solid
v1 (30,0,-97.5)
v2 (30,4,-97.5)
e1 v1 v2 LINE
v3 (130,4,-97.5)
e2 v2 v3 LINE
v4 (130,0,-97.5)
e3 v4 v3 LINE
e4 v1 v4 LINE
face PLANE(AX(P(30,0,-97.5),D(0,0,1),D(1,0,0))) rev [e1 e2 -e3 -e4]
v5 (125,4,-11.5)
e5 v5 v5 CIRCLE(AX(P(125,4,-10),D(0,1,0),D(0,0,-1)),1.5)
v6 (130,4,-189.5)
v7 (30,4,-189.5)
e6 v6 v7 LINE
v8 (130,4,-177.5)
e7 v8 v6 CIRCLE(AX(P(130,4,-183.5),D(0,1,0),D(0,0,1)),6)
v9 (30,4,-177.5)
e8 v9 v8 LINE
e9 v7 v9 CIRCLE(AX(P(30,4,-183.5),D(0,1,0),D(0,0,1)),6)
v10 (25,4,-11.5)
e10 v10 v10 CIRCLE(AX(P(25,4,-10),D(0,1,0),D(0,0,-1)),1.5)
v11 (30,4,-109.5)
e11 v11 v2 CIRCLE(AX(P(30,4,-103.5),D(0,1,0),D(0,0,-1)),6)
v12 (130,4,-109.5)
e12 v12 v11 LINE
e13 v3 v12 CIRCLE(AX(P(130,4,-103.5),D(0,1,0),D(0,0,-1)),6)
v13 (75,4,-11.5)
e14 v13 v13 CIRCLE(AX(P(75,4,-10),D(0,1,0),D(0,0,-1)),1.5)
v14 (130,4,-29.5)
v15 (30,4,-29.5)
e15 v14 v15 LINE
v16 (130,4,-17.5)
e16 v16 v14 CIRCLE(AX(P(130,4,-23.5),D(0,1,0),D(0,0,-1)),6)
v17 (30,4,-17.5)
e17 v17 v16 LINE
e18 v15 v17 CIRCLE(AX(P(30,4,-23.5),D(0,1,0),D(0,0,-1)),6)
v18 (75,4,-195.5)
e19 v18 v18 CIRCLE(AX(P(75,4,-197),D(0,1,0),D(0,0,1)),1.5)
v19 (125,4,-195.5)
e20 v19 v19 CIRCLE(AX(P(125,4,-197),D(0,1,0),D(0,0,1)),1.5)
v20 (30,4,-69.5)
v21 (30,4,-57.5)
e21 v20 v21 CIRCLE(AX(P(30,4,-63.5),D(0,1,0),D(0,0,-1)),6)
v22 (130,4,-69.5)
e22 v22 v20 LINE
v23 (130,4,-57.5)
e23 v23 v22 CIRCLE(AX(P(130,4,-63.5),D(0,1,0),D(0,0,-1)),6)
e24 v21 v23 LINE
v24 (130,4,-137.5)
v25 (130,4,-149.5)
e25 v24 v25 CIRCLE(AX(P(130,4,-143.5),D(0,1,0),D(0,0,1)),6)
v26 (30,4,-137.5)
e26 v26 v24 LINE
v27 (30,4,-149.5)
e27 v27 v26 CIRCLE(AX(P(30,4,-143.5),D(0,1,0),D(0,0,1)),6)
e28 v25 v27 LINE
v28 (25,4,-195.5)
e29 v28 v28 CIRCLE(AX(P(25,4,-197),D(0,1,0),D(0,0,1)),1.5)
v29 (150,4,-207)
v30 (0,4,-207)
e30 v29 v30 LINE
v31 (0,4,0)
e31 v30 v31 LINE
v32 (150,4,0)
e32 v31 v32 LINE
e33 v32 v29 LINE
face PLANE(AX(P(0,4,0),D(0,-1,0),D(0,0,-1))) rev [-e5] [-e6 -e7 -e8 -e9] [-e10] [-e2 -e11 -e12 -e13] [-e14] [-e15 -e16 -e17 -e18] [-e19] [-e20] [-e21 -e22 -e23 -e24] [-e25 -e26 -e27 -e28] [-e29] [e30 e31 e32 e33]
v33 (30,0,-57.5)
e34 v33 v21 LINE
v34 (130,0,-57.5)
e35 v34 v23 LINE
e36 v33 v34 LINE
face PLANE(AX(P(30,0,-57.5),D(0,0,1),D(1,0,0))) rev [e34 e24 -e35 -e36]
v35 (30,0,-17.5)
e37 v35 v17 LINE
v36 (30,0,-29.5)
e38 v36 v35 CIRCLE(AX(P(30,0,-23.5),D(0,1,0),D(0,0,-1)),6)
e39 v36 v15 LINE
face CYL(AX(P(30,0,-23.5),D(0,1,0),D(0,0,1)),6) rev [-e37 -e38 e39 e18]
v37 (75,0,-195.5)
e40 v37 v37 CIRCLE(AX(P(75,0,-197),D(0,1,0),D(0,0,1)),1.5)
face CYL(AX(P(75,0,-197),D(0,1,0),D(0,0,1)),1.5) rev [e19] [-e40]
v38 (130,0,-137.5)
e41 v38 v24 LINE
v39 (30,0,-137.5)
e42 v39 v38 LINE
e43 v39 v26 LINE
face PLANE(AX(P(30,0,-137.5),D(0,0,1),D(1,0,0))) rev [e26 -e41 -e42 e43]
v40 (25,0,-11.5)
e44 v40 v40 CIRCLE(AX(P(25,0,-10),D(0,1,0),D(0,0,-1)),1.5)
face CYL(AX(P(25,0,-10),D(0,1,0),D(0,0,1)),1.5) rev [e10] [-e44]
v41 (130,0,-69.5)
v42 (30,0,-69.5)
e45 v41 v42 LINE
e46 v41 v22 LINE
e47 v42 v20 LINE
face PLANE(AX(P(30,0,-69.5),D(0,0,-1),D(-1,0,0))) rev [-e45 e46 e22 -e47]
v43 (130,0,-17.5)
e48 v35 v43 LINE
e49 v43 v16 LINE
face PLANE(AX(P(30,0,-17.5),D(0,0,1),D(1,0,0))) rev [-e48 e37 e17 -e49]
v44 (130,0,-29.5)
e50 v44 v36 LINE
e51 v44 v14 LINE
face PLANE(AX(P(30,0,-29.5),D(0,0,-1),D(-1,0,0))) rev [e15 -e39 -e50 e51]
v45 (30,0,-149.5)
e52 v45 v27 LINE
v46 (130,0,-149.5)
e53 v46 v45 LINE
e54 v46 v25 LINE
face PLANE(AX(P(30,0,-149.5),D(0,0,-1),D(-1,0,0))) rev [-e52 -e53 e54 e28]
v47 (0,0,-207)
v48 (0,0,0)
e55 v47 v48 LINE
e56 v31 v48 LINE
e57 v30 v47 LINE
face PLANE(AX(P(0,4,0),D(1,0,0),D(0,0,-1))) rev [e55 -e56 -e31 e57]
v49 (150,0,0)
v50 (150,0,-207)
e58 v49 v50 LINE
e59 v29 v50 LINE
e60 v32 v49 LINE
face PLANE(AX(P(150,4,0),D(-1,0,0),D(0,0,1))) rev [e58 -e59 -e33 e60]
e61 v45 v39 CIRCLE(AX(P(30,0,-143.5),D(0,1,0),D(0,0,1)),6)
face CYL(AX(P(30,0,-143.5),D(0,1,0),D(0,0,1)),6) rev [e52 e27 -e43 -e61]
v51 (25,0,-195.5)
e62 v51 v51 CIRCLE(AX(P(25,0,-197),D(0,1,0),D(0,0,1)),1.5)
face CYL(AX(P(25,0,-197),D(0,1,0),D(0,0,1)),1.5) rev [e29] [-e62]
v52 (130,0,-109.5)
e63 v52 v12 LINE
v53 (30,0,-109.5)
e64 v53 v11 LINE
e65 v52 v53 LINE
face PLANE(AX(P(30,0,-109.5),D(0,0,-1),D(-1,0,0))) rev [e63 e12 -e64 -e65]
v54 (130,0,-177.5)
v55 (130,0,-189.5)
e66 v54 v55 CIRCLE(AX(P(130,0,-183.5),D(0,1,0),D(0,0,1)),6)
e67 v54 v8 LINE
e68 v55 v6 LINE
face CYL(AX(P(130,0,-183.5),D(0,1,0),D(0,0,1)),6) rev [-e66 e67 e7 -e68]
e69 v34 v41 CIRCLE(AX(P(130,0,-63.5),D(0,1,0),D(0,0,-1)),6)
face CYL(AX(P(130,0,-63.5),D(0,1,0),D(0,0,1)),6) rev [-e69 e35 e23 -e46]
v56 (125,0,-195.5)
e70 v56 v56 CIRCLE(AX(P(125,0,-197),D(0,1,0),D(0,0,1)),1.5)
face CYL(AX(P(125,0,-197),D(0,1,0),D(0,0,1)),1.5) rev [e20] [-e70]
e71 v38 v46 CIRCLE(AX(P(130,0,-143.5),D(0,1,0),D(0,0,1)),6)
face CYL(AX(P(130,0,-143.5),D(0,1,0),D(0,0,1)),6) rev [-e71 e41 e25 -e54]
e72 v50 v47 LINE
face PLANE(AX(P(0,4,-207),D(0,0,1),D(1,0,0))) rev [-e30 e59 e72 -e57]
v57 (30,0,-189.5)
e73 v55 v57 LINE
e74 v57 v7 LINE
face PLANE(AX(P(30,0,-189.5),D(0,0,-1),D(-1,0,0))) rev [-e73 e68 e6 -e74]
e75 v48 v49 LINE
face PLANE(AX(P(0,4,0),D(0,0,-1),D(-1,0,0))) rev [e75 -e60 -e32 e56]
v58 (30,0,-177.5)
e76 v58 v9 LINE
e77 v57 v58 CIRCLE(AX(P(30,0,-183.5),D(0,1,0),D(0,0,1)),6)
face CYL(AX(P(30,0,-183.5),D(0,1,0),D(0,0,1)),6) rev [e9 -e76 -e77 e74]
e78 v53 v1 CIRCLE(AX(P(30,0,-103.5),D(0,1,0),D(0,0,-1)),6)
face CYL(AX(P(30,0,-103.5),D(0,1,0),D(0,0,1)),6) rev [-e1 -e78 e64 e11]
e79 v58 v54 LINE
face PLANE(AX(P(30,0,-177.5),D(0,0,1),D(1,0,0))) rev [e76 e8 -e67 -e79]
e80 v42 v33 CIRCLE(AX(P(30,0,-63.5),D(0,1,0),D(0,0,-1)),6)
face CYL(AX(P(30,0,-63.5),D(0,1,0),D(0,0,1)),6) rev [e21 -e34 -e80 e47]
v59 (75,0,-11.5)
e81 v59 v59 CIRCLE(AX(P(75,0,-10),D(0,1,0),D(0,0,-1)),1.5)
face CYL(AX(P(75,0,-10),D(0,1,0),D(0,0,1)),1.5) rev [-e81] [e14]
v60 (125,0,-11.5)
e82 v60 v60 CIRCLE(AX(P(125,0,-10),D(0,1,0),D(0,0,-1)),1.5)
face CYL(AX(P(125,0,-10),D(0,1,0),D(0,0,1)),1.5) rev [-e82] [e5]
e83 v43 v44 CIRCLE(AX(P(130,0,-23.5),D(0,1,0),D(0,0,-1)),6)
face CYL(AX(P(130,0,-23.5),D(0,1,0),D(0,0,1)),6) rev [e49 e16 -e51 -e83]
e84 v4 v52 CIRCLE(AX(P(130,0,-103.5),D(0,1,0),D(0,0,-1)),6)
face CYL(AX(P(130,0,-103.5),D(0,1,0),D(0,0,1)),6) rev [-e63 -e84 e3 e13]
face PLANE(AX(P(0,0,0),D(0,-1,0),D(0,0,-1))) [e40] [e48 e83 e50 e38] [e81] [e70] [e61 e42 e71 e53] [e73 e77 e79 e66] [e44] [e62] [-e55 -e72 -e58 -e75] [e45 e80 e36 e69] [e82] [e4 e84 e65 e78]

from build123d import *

# Parameters (mm, degrees)
SKETCH_1_W          = 150
SKETCH_1_H          = 207
EXTRUDE_1_DEPTH     = 4
CUT_EXTRUDE_1_DEPTH = 5
SKETCH_3_R          = 1.5
CUT_EXTRUDE_2_DEPTH = 5


with BuildPart() as part:
    # 草图1 → 凸台-拉伸1 (new body)
    with BuildSketch(Plane(origin=(0, 0, 0), x_dir=(1, 0, 0), z_dir=(0, 1, 0))):
        with Locations((75, 103.5)):
            Rectangle(SKETCH_1_W, SKETCH_1_H)
    extrude(amount=EXTRUDE_1_DEPTH)

    # 草图2 → 切除-拉伸1 (cut, through all)
    with BuildSketch(Plane(origin=(0, 4, 0), x_dir=(1, 0, 0), z_dir=(0, 1, 0))):
        with BuildLine():
            Line((30, 189.5), (130, 189.5))
            ThreePointArc((130, 189.5), (136, 183.5), (130, 177.5))
            Line((130, 177.5), (30, 177.5))
            ThreePointArc((30, 177.5), (24, 183.5), (30, 189.5))
        make_face()
        with BuildLine():
            Line((30, 149.5), (130, 149.5))
            ThreePointArc((130, 149.5), (136, 143.5), (130, 137.5))
            Line((130, 137.5), (30, 137.5))
            ThreePointArc((30, 137.5), (24, 143.5), (30, 149.5))
        make_face()
        with BuildLine():
            Line((30, 97.5), (130, 97.5))
            ThreePointArc((130, 97.5), (136, 103.5), (130, 109.5))
            Line((130, 109.5), (30, 109.5))
            ThreePointArc((30, 109.5), (24, 103.5), (30, 97.5))
        make_face()
        with BuildLine():
            Line((30, 57.5), (130, 57.5))
            ThreePointArc((130, 57.5), (136, 63.5), (130, 69.5))
            Line((130, 69.5), (30, 69.5))
            ThreePointArc((30, 69.5), (24, 63.5), (30, 57.5))
        make_face()
        with BuildLine():
            Line((30, 17.5), (130, 17.5))
            ThreePointArc((130, 17.5), (136, 23.5), (130, 29.5))
            Line((130, 29.5), (30, 29.5))
            ThreePointArc((30, 29.5), (24, 23.5), (30, 17.5))
        make_face()
    extrude(amount=-CUT_EXTRUDE_1_DEPTH, mode=Mode.SUBTRACT)

    # 草图3 → 切除-拉伸2 (cut, through all)
    with BuildSketch(Plane(origin=(0, 4, 0), x_dir=(1, 0, 0), z_dir=(0, 1, 0))):
        with Locations((125, 197)):
            Circle(SKETCH_3_R)
        with Locations((75, 197)):
            Circle(SKETCH_3_R)
        with Locations((25, 197)):
            Circle(SKETCH_3_R)
        with Locations((25, 10)):
            Circle(SKETCH_3_R)
        with Locations((75, 10)):
            Circle(SKETCH_3_R)
        with Locations((125, 10)):
            Circle(SKETCH_3_R)
    extrude(amount=-CUT_EXTRUDE_2_DEPTH, mode=Mode.SUBTRACT)


solid = part.part
